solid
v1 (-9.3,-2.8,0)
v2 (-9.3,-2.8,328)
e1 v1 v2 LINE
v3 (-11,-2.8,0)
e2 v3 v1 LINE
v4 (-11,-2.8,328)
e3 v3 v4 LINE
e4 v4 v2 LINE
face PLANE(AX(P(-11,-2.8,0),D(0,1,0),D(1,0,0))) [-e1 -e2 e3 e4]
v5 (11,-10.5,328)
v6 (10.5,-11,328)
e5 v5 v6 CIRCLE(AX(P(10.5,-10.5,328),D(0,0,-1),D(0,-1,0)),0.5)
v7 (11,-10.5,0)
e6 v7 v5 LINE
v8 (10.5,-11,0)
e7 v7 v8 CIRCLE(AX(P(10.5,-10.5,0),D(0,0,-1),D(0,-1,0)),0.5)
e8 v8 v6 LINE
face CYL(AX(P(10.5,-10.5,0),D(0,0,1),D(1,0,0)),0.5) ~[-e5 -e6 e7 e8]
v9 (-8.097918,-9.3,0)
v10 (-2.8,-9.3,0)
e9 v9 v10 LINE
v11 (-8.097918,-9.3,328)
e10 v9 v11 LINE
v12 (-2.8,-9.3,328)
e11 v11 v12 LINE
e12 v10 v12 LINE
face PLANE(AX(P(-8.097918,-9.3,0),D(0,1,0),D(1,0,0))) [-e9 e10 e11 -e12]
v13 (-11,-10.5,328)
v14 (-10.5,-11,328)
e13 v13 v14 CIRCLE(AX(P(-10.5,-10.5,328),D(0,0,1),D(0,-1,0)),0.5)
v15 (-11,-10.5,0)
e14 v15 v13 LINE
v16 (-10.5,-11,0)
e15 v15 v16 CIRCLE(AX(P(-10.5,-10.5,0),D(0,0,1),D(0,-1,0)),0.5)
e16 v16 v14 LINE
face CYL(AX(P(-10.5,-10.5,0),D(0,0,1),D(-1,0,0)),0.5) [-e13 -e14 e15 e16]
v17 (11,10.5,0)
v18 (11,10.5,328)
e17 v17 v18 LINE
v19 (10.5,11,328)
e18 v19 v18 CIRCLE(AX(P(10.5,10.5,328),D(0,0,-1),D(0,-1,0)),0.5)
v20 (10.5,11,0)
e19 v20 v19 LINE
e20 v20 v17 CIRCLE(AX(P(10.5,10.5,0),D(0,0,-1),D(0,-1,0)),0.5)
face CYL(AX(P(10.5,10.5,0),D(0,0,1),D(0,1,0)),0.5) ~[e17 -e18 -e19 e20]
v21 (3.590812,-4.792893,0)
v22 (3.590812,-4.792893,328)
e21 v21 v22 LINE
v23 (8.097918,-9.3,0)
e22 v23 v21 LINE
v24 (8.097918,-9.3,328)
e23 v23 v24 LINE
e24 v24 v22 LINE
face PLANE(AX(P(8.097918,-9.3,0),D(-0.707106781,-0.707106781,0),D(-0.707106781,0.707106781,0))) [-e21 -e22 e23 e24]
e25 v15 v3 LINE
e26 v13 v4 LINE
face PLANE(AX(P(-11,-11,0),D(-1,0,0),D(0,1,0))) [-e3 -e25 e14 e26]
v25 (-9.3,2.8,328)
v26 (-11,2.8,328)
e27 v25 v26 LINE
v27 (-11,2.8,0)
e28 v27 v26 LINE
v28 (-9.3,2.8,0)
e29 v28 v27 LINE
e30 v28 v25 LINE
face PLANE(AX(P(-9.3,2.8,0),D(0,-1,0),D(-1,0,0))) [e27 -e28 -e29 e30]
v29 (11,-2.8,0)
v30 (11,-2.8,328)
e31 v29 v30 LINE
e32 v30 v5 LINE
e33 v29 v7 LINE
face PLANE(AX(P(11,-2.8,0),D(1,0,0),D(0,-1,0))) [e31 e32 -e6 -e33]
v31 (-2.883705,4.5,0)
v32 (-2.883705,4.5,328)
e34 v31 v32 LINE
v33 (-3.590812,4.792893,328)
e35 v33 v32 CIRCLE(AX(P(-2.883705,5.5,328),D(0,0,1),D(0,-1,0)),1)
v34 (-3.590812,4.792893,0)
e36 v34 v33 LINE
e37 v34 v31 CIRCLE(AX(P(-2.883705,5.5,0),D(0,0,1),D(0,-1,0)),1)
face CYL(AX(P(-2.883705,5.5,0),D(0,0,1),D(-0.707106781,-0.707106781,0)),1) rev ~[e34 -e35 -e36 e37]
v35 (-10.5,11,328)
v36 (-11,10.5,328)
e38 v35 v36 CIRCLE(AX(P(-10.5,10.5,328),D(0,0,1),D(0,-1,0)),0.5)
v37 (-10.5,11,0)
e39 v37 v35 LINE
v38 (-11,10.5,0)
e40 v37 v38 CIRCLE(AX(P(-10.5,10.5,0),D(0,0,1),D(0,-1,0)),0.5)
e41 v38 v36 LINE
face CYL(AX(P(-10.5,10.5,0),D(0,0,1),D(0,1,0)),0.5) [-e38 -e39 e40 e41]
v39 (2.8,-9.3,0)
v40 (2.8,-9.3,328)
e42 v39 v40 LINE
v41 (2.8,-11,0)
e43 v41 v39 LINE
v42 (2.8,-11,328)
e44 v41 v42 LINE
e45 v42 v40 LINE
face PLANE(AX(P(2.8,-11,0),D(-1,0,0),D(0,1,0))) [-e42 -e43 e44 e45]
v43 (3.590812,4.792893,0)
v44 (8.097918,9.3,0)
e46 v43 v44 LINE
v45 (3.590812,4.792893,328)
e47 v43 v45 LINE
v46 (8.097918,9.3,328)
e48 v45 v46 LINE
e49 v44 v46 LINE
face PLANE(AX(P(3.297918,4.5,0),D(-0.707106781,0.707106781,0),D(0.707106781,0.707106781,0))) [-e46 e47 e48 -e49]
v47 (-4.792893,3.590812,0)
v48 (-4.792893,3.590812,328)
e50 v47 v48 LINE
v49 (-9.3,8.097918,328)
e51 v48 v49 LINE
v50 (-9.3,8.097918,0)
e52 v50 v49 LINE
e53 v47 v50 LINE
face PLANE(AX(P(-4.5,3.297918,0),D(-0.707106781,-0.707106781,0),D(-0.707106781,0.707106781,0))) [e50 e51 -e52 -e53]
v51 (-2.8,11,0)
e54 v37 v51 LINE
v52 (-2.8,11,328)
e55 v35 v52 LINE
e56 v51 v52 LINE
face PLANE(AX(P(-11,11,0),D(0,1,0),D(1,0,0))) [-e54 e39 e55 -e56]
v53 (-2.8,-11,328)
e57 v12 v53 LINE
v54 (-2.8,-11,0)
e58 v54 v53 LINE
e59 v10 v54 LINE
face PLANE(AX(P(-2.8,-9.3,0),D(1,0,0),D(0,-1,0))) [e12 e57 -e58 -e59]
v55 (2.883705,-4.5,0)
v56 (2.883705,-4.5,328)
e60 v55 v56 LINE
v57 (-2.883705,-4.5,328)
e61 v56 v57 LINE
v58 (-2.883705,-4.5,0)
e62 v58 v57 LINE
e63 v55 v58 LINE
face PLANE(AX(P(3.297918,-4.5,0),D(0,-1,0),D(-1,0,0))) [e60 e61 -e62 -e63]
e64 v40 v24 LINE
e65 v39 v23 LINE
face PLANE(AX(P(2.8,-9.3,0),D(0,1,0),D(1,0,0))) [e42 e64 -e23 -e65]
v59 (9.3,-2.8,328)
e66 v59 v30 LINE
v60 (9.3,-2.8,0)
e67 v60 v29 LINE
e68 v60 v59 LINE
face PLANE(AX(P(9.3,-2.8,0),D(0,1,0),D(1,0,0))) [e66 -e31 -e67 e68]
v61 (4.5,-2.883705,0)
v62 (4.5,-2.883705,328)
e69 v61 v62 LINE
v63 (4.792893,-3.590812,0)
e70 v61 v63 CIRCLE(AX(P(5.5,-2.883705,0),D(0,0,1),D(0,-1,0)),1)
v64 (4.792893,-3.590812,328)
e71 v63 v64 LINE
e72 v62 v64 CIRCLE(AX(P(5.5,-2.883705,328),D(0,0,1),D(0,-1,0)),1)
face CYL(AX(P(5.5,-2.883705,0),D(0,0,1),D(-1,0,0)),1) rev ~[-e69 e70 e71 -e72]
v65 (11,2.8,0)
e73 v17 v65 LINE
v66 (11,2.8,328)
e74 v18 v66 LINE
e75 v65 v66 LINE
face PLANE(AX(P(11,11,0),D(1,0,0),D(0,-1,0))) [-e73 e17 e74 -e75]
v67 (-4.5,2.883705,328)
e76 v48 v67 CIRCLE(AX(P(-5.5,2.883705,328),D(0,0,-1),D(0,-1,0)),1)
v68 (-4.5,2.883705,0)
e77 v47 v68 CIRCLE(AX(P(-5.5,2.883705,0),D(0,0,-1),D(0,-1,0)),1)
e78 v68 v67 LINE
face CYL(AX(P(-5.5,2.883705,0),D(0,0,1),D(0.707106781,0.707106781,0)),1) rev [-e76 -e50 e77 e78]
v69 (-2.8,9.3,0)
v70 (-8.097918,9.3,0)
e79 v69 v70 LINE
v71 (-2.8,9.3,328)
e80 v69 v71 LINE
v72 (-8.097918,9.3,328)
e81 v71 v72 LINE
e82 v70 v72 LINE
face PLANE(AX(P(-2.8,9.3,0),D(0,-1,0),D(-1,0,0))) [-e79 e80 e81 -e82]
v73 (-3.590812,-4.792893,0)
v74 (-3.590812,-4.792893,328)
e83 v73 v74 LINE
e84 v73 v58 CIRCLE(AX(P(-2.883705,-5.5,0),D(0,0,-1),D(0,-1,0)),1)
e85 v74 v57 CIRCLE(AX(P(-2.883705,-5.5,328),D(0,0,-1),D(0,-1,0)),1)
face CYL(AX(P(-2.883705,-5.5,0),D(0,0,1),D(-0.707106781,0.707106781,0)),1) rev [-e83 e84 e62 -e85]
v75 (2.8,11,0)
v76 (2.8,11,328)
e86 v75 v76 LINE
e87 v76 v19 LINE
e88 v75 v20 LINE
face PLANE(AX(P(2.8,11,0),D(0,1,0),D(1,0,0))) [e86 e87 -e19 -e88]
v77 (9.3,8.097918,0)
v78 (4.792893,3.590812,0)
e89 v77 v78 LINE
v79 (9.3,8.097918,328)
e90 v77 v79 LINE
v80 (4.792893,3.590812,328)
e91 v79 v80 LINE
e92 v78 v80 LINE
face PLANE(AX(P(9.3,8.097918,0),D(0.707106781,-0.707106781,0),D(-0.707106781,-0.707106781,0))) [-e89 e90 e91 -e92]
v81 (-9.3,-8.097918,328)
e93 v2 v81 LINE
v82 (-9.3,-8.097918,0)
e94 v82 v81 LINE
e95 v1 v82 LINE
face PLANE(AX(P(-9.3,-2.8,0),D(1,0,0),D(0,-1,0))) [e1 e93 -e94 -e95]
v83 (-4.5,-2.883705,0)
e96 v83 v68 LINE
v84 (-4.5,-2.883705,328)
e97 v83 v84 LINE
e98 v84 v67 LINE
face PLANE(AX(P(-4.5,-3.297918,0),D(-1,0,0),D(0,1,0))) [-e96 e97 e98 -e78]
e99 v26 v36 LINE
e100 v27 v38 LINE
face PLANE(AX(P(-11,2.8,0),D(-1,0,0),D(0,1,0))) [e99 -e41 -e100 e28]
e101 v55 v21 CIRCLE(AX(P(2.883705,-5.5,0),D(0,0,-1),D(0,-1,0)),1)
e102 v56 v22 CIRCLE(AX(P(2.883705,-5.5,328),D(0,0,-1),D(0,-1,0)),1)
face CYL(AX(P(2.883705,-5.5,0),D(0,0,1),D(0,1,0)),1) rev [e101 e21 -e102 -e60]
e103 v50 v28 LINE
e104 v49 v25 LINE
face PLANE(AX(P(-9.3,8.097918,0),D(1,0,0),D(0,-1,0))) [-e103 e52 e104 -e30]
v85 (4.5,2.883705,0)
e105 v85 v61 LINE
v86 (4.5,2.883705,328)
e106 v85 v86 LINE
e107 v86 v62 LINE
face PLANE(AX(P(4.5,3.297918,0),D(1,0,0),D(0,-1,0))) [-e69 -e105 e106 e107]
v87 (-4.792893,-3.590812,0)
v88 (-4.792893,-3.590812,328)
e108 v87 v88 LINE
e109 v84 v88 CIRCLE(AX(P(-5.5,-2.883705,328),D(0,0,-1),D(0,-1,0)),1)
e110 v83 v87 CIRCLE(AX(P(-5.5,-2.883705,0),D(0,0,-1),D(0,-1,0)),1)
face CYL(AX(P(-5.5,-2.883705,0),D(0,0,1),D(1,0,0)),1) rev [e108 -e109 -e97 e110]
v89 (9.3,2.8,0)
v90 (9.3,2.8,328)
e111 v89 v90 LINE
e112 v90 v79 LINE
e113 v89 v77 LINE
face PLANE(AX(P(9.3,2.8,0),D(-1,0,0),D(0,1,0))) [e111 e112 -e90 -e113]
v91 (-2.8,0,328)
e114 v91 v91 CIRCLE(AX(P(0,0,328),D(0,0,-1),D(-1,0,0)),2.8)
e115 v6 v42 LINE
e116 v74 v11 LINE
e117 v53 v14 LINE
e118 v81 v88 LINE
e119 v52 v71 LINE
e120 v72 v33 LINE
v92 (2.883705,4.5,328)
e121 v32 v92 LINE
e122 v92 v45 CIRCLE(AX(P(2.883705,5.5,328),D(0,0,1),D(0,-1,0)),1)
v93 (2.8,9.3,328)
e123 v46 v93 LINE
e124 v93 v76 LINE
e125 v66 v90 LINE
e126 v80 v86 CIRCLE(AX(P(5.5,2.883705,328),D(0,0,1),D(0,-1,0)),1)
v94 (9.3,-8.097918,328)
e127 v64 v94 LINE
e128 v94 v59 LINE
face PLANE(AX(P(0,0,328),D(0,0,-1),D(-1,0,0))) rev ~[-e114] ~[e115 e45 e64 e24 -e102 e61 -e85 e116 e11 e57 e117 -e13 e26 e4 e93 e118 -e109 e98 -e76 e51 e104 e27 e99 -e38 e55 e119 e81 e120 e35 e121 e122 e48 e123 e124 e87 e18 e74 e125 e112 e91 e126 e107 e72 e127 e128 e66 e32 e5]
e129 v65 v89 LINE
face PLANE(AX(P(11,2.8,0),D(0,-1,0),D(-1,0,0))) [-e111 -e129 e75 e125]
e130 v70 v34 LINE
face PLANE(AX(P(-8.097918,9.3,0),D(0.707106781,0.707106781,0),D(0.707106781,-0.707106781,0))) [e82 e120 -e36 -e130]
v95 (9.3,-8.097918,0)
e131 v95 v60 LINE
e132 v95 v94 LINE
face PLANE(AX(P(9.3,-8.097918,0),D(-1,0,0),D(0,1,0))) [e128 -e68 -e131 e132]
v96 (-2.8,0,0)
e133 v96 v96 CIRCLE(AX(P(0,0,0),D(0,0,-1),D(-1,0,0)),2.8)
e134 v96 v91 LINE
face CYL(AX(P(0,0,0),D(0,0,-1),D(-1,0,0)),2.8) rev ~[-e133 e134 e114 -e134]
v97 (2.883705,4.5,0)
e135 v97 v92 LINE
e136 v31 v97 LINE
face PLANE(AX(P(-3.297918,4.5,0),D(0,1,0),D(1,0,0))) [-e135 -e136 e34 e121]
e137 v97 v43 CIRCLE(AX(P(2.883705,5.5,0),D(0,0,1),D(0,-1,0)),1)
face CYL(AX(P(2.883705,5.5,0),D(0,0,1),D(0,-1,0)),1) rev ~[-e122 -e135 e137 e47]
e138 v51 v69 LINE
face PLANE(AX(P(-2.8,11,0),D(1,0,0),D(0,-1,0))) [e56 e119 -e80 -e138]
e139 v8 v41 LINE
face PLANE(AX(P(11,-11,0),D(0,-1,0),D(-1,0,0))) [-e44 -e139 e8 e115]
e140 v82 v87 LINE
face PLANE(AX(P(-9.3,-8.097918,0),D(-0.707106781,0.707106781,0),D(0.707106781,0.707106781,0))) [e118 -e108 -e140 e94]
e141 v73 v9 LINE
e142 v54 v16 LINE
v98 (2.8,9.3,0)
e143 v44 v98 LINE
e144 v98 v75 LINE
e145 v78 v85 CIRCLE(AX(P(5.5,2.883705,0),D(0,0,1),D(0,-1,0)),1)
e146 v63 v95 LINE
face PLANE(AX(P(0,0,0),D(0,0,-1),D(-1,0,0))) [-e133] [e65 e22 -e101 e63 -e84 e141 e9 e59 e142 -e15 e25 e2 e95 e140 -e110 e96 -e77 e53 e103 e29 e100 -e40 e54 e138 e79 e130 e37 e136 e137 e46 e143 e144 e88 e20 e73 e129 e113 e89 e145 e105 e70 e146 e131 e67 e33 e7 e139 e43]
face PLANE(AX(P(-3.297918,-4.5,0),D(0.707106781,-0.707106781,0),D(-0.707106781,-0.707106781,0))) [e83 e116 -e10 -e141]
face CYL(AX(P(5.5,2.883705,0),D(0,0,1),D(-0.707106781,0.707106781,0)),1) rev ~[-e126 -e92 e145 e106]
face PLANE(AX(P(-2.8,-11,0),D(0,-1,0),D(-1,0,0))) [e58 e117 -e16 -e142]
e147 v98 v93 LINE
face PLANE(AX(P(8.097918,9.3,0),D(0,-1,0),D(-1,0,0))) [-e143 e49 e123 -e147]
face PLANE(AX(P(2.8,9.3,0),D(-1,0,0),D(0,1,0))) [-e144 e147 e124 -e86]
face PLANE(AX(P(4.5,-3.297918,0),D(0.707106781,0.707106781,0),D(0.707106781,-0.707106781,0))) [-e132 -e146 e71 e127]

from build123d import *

# Parameters (mm, degrees)
EXTRUSION1_DEPTH        = 328
ESQUISSE2_R             = 2.8
ENL_V_MAT_EXTRU_1_DEPTH = 329
CONG_1_R                = 0.5
CONG_2_R                = 1


with BuildPart() as part:
    # Esquisse1 → Extrusion1 (new body)
    with BuildSketch(Plane.XY):
        Polygon((-2.8, 11), (-2.8, 9.3), (-8.097918472, 9.3), (-3.297918472, 4.5), (3.297918472, 4.5), (8.097918472, 9.3), (2.8, 9.3), (2.8, 11), (11, 11), (11, 2.8), (9.3, 2.8), (9.3, 8.097918472), (4.5, 3.297918472), (4.5, -3.297918472), (9.3, -8.097918472), (9.3, -2.8), (11, -2.8), (11, -11), (2.8, -11), (2.8, -9.3), (8.097918472, -9.3), (3.297918472, -4.5), (-3.297918472, -4.5), (-8.097918472, -9.3), (-2.8, -9.3), (-2.8, -11), (-11, -11), (-11, -2.8), (-9.3, -2.8), (-9.3, -8.097918472), (-4.5, -3.297918472), (-4.5, 3.297918472), (-9.3, 8.097918472), (-9.3, 2.8), (-11, 2.8), (-11, 11), align=None)
    extrude(amount=EXTRUSION1_DEPTH)

    # Esquisse2 → Enlèv. mat.-Extru.1 (cut, through all)
    with BuildSketch(Plane(origin=(0, 0, 0), x_dir=(-1, 0, 0), z_dir=(0, 0, -1))):
        Circle(ESQUISSE2_R)
    extrude(amount=-ENL_V_MAT_EXTRU_1_DEPTH, mode=Mode.SUBTRACT)

    # Congé1
    cong_1_edges = [part.edges().sort_by_distance(p)[0] for p in [
        (-11, 11, 164),
        (11, 11, 164),
        (11, -11, 164),
        (-11, -11, 164),
    ]]
    fillet(cong_1_edges, radius=CONG_1_R)

    # Congé2
    cong_2_edges = [part.edges().sort_by_distance(p)[0] for p in [
        (-4.5, -3.297918472, 164),
        (-4.5, 3.297918472, 164),
        (-3.297918472, 4.5, 164),
        (3.297918472, 4.5, 164),
        (4.5, 3.297918472, 164),
        (4.5, -3.297918472, 164),
        (3.297918472, -4.5, 164),
        (-3.297918472, -4.5, 164),
    ]]
    fillet(cong_2_edges, radius=CONG_2_R)


solid = part.part
